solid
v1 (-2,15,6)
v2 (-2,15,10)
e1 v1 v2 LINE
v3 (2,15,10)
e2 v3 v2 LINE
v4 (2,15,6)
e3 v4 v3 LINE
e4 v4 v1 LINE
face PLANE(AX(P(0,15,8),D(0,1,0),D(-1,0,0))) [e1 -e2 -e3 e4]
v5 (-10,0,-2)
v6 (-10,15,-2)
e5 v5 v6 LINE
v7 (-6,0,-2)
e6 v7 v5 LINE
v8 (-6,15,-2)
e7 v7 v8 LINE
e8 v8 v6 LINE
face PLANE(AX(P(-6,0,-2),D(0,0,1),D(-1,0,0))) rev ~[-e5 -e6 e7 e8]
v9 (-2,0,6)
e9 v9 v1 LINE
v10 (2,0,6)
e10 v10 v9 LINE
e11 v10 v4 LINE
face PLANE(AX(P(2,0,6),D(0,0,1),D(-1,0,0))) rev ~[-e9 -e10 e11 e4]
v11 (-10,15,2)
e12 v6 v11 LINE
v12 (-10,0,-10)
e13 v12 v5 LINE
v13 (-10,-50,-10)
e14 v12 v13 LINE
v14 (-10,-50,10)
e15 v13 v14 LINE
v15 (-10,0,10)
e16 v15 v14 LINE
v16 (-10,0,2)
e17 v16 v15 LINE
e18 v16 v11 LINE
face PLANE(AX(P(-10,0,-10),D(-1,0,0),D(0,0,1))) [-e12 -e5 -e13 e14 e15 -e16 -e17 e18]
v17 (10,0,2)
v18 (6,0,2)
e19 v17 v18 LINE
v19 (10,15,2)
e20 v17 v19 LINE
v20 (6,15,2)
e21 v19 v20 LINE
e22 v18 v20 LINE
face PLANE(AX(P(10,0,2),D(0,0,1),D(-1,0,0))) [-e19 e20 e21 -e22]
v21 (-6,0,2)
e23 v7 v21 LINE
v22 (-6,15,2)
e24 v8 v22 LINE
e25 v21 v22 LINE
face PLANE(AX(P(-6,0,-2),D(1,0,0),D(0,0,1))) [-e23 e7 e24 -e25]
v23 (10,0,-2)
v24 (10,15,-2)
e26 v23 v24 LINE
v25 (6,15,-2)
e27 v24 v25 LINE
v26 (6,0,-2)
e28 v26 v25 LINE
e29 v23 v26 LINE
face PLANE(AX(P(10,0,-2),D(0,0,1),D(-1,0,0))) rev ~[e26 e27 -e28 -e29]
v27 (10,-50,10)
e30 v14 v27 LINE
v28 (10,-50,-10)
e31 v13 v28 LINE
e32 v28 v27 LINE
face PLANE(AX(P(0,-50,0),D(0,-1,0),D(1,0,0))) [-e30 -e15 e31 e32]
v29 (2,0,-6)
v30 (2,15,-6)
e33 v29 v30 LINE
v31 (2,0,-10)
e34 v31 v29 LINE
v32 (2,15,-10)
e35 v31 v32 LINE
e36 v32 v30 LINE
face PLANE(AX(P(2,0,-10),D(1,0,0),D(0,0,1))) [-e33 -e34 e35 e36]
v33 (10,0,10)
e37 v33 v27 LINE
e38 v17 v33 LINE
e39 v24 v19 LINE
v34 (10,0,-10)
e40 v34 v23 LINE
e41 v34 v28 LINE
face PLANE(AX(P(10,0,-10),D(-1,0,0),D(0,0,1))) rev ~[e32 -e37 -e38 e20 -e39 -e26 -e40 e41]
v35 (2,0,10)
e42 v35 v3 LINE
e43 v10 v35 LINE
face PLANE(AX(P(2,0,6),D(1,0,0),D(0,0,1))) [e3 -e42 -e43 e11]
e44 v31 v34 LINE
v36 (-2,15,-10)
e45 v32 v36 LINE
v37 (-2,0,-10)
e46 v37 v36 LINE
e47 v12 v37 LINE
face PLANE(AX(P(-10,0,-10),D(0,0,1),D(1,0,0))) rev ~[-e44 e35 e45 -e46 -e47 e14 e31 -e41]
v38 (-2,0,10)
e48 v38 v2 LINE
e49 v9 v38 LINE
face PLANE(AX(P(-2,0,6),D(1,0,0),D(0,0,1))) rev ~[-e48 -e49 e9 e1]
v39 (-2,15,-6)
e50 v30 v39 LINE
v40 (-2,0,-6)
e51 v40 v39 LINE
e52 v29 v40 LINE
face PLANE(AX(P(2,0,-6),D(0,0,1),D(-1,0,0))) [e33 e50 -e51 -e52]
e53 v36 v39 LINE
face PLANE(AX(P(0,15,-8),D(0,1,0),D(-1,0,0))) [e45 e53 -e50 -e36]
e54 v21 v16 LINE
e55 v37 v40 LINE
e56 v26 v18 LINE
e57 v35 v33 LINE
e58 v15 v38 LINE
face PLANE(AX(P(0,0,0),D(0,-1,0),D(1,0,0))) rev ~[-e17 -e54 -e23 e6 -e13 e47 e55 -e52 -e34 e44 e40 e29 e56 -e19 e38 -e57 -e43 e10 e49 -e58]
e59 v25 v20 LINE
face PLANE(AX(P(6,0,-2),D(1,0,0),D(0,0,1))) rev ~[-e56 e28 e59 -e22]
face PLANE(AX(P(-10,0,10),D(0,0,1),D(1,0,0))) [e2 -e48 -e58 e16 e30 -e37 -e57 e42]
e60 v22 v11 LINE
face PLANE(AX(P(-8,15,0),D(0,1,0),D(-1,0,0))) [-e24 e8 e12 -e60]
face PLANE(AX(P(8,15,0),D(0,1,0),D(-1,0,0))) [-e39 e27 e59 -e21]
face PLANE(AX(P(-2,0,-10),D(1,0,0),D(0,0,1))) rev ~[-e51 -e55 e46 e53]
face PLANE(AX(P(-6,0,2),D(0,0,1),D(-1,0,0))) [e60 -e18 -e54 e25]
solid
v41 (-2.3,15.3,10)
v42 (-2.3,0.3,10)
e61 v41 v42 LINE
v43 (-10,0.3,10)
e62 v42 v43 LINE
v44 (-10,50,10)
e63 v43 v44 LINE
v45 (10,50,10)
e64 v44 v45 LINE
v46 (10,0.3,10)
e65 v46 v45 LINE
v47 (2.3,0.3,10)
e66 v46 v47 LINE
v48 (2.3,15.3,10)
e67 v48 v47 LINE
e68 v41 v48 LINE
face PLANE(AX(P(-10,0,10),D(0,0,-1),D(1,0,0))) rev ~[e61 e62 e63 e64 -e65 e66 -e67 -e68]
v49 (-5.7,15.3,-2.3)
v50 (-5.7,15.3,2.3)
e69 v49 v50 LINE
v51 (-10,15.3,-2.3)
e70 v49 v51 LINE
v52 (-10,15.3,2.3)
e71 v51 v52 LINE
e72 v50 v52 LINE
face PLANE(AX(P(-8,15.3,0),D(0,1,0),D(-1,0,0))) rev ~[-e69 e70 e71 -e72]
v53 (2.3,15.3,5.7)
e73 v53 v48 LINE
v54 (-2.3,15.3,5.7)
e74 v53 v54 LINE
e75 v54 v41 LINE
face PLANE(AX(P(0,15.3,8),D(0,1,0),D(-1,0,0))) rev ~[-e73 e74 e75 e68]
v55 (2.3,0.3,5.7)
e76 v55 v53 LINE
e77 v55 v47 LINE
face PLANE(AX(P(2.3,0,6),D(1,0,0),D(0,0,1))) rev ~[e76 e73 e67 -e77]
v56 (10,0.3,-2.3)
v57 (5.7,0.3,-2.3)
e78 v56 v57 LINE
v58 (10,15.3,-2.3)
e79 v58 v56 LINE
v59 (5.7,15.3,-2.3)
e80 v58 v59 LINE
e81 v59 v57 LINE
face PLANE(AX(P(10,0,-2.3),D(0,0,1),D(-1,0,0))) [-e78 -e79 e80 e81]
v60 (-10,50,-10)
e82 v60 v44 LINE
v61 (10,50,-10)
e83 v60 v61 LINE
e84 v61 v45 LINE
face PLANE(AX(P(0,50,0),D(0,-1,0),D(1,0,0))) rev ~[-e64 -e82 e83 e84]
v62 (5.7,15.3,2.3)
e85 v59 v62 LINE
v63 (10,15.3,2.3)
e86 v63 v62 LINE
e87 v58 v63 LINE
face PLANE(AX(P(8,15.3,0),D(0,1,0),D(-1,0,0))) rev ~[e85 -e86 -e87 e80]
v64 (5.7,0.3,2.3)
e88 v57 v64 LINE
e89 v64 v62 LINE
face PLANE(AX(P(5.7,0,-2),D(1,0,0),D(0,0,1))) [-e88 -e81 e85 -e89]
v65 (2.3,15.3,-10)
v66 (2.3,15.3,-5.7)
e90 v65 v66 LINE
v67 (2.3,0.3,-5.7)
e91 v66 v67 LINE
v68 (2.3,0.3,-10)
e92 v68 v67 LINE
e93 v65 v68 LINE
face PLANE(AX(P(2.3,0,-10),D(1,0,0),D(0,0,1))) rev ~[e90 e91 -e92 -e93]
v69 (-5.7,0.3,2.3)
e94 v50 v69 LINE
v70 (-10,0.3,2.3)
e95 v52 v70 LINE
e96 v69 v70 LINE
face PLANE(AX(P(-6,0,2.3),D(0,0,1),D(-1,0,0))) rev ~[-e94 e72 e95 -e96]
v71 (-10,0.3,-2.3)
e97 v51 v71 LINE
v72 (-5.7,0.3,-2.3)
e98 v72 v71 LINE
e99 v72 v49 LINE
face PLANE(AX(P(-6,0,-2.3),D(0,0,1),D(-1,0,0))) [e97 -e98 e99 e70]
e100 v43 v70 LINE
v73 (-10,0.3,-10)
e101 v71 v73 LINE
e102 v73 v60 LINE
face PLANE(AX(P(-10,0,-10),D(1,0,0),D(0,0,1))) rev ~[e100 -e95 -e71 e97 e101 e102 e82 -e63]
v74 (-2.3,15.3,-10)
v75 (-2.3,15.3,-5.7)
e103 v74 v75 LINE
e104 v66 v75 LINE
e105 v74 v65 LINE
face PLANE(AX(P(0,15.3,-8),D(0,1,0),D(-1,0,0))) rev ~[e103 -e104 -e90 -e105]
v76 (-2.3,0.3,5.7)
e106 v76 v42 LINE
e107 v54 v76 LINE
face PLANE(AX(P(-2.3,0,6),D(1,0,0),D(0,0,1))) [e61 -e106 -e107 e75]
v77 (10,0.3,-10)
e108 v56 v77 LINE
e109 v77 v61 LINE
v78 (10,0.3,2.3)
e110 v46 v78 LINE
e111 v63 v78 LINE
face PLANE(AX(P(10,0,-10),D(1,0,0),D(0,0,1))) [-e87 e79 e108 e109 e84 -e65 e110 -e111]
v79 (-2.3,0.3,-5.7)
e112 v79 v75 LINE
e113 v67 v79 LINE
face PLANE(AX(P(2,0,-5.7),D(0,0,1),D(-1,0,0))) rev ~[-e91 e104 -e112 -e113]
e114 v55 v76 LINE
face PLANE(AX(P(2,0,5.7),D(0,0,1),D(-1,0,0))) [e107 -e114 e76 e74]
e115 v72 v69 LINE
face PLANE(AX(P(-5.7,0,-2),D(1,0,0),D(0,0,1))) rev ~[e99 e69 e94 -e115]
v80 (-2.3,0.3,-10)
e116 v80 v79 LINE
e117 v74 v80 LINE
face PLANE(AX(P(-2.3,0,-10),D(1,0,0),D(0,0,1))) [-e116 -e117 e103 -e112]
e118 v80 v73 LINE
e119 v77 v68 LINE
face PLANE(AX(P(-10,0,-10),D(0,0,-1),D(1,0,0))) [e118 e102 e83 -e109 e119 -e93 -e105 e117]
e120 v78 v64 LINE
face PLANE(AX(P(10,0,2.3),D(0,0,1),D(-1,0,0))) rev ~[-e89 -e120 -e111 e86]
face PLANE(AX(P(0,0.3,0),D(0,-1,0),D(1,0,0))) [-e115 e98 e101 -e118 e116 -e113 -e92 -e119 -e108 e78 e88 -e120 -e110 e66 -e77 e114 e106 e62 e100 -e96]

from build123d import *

# Parameters (mm, degrees)
F0_W      = 20
F0_H      = 20
F1_DEPTH  = 50
F2_W      = 4
F2_H      = 4
F3_DEPTH  = 15
F4_W      = 20
F4_H      = 20
F5_DEPTH  = 50
F6_OFFSET = 0.3


with BuildPart() as f1:
    # F0 (on Front) → F1 (new body)
    with BuildSketch(Plane.XZ):
        Rectangle(F0_W, F0_H)
    extrude(amount=F1_DEPTH)

    # F2 (on face) → F3 (join)
    with BuildSketch(Plane(origin=(0, 0, 0), x_dir=(-1, 0, 0), z_dir=(0, 1, 0))):
        with Locations((0, 8)):
            Rectangle(F2_W, F2_H)
        with Locations((0, -8)):
            Rectangle(F2_W, F2_H)
        with Locations((-8, 0)):
            Rectangle(F2_W, F2_H)
        with Locations((8, 0)):
            Rectangle(F2_W, F2_H)
    extrude(amount=F3_DEPTH)


with BuildPart() as f5:
    # F4 (on Front) → F5 (new body)
    with BuildSketch(Plane.XZ):
        Rectangle(F4_W, F4_H)
    extrude(amount=-F5_DEPTH)

    # F6: cut F1, made larger all round first
    f6_tool = offset(f1.part, amount=F6_OFFSET, kind=Kind.INTERSECTION, mode=Mode.PRIVATE)
    add(f6_tool, mode=Mode.SUBTRACT)


solid = Compound([f1.part, f5.part])
